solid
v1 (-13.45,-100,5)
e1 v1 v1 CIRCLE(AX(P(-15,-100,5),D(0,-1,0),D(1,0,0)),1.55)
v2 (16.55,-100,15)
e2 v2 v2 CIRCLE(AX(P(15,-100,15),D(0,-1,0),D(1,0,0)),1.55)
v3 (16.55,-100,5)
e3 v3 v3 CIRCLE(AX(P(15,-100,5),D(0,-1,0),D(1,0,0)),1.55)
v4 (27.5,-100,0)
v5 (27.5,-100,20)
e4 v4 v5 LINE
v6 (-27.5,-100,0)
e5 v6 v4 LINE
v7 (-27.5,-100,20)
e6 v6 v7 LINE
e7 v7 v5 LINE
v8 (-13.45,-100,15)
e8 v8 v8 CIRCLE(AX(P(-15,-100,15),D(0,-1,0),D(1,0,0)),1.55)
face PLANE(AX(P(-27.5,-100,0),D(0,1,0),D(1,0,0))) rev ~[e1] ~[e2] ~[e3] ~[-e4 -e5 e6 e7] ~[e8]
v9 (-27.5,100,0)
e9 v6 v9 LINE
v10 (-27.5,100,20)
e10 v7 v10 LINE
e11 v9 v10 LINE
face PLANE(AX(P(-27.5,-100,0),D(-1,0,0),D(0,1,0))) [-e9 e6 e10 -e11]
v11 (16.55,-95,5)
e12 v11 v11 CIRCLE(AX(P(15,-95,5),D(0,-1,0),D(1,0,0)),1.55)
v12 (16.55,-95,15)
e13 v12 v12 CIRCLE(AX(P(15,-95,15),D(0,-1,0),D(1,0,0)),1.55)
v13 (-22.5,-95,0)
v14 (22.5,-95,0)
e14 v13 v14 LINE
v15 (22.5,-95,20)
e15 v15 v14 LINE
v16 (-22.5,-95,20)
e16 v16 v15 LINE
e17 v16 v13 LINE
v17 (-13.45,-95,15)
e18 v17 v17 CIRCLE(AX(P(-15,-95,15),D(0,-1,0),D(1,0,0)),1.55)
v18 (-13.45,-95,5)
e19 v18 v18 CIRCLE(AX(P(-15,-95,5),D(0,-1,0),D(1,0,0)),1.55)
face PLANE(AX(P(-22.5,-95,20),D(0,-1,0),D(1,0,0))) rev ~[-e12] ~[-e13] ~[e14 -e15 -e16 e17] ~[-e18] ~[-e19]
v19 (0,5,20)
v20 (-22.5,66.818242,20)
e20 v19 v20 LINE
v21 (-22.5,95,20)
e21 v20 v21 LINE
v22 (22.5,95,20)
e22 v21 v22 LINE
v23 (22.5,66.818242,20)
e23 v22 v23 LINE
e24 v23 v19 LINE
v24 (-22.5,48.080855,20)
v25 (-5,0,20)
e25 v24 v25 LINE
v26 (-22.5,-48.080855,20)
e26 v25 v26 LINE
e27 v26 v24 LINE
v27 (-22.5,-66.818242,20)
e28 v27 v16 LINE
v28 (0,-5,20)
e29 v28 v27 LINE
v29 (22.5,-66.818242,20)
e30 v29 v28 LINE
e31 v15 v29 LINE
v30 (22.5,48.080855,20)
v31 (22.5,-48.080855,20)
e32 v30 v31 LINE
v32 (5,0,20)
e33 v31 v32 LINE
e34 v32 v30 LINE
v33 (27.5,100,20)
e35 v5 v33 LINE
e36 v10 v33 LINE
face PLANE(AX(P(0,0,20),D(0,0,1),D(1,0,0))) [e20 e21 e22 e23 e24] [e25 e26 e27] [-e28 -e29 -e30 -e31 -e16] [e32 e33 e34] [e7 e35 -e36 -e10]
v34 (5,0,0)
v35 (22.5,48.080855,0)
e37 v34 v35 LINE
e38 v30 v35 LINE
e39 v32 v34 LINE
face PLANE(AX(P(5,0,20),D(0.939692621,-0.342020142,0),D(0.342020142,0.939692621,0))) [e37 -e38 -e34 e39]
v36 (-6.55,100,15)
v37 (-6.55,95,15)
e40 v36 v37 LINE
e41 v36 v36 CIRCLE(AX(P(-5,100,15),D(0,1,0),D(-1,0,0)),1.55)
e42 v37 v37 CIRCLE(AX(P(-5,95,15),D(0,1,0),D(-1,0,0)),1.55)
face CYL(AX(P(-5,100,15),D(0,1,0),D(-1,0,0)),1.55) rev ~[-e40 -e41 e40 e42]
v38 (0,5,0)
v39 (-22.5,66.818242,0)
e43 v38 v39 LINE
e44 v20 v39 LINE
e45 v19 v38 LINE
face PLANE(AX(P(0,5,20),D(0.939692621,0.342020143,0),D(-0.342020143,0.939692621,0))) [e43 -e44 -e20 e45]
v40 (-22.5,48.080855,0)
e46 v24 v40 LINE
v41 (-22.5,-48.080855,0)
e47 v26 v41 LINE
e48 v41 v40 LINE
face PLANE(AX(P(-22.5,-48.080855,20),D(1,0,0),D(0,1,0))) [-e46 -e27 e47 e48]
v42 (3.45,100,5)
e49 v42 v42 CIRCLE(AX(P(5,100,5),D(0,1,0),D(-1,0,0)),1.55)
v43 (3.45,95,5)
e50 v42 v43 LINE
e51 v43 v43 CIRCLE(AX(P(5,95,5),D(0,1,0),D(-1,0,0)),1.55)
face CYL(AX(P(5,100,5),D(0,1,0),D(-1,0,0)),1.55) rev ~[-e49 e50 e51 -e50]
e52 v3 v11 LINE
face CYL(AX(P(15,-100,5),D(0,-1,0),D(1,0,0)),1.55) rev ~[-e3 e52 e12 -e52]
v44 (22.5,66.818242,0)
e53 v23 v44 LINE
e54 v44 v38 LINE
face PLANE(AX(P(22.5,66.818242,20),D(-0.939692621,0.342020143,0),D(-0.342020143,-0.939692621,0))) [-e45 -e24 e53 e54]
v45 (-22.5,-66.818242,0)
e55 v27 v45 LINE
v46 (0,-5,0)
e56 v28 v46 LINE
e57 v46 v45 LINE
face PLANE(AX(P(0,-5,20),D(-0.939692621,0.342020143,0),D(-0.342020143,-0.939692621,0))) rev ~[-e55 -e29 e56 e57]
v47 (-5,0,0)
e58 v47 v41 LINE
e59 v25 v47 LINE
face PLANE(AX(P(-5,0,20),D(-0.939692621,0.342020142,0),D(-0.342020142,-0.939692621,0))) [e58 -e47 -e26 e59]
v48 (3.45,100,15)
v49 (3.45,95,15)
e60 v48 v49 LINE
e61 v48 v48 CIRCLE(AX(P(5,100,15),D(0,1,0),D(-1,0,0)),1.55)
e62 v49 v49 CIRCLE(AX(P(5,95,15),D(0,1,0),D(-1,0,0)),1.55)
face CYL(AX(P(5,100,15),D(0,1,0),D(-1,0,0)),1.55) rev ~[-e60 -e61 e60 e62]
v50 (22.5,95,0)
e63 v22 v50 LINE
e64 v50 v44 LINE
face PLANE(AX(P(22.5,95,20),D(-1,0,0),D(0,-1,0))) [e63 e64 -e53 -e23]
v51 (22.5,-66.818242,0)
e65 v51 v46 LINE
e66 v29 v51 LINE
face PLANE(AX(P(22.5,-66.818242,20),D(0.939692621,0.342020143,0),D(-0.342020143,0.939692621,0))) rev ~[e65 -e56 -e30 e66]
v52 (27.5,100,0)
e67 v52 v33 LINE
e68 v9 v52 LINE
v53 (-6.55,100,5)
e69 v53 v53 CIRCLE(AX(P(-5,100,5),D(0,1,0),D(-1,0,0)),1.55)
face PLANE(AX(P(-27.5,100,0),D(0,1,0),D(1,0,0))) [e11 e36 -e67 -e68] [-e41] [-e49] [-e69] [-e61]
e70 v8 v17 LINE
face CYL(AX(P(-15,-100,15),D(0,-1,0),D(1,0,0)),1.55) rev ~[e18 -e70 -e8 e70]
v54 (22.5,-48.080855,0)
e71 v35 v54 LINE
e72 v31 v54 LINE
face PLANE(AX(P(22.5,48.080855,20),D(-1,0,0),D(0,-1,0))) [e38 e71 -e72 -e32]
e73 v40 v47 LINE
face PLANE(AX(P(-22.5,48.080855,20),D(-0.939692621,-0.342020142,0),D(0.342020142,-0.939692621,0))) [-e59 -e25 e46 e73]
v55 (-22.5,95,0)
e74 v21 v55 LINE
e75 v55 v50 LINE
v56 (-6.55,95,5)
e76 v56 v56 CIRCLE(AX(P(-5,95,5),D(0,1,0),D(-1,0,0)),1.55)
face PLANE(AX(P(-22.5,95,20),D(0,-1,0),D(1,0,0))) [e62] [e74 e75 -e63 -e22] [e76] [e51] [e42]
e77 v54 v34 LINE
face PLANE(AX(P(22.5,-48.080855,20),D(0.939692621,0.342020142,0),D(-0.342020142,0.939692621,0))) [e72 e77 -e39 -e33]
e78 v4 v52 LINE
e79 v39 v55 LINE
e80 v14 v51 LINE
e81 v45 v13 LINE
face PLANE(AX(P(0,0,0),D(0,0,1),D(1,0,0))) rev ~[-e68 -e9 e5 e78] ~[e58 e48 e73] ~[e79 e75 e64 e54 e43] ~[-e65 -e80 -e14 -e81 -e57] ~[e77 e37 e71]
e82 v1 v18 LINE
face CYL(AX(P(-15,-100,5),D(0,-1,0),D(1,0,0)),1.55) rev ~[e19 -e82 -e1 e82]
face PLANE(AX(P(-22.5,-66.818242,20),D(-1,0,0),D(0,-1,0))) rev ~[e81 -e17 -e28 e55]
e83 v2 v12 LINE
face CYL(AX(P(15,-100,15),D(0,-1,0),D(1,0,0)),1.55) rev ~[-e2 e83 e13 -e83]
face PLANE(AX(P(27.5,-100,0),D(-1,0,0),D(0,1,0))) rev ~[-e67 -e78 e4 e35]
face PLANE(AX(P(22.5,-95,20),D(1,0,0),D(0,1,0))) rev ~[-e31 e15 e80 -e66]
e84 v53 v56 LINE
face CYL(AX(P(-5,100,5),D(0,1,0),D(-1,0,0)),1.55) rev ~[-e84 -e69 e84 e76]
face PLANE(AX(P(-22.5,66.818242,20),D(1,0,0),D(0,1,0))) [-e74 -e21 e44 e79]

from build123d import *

# Parameters (mm, degrees)
SKETCH_W        = 55
SKETCH_H        = 200
PAD_DEPTH       = 20
POCKET_DEPTH    = 20
SKETCH002_R     = 1.55
POCKET001_DEPTH = 5
SKETCH003_R     = 1.55
POCKET002_DEPTH = 5


with BuildPart() as part:
    # Sketch → Pad (new body)
    with BuildSketch(Plane.XY):
        Rectangle(SKETCH_W, SKETCH_H)
    extrude(amount=PAD_DEPTH)

    # Sketch001 (on Face6 of Pad) → Pocket (cut)
    with BuildSketch(Plane.XY.offset(20)):
        Polygon((-22.5, -95), (22.5, -95), (22.5, -66.818242), (0, -5), (-22.5, -66.818242), align=None)
        Polygon((-22.5, 95), (22.5, 95), (22.5, 66.818242), (0, 5), (-22.5, 66.818242), align=None)
        Polygon((-5, 0), (-22.5, -48.080855), (-22.5, 48.080855), align=None)
        Polygon((5, 0), (22.5, 48.080855), (22.5, -48.080855), align=None)
    extrude(amount=-POCKET_DEPTH, mode=Mode.SUBTRACT)

    # Sketch002 (on Face3 of Pocket) → Pocket001 (cut)
    with BuildSketch(Plane(origin=(0, 100, 0), x_dir=(-1, 0, 0), z_dir=(0, 1, 0))):
        with Locations((-5, 15)):
            Circle(SKETCH002_R)
        with Locations((5, 15)):
            Circle(SKETCH002_R)
        with Locations((5, 5)):
            Circle(SKETCH002_R)
        with Locations((-5, 5)):
            Circle(SKETCH002_R)
    extrude(amount=-POCKET001_DEPTH, mode=Mode.SUBTRACT)

    # Sketch003 (on Face2 of Pocket001) → Pocket002 (cut)
    with BuildSketch(Plane.XZ.offset(100)):
        with Locations((-15, 15)):
            Circle(SKETCH003_R)
        with Locations((15, 15)):
            Circle(SKETCH003_R)
        with Locations((15, 5)):
            Circle(SKETCH003_R)
        with Locations((-15, 5)):
            Circle(SKETCH003_R)
    extrude(amount=-POCKET002_DEPTH, mode=Mode.SUBTRACT)


solid = part.part
